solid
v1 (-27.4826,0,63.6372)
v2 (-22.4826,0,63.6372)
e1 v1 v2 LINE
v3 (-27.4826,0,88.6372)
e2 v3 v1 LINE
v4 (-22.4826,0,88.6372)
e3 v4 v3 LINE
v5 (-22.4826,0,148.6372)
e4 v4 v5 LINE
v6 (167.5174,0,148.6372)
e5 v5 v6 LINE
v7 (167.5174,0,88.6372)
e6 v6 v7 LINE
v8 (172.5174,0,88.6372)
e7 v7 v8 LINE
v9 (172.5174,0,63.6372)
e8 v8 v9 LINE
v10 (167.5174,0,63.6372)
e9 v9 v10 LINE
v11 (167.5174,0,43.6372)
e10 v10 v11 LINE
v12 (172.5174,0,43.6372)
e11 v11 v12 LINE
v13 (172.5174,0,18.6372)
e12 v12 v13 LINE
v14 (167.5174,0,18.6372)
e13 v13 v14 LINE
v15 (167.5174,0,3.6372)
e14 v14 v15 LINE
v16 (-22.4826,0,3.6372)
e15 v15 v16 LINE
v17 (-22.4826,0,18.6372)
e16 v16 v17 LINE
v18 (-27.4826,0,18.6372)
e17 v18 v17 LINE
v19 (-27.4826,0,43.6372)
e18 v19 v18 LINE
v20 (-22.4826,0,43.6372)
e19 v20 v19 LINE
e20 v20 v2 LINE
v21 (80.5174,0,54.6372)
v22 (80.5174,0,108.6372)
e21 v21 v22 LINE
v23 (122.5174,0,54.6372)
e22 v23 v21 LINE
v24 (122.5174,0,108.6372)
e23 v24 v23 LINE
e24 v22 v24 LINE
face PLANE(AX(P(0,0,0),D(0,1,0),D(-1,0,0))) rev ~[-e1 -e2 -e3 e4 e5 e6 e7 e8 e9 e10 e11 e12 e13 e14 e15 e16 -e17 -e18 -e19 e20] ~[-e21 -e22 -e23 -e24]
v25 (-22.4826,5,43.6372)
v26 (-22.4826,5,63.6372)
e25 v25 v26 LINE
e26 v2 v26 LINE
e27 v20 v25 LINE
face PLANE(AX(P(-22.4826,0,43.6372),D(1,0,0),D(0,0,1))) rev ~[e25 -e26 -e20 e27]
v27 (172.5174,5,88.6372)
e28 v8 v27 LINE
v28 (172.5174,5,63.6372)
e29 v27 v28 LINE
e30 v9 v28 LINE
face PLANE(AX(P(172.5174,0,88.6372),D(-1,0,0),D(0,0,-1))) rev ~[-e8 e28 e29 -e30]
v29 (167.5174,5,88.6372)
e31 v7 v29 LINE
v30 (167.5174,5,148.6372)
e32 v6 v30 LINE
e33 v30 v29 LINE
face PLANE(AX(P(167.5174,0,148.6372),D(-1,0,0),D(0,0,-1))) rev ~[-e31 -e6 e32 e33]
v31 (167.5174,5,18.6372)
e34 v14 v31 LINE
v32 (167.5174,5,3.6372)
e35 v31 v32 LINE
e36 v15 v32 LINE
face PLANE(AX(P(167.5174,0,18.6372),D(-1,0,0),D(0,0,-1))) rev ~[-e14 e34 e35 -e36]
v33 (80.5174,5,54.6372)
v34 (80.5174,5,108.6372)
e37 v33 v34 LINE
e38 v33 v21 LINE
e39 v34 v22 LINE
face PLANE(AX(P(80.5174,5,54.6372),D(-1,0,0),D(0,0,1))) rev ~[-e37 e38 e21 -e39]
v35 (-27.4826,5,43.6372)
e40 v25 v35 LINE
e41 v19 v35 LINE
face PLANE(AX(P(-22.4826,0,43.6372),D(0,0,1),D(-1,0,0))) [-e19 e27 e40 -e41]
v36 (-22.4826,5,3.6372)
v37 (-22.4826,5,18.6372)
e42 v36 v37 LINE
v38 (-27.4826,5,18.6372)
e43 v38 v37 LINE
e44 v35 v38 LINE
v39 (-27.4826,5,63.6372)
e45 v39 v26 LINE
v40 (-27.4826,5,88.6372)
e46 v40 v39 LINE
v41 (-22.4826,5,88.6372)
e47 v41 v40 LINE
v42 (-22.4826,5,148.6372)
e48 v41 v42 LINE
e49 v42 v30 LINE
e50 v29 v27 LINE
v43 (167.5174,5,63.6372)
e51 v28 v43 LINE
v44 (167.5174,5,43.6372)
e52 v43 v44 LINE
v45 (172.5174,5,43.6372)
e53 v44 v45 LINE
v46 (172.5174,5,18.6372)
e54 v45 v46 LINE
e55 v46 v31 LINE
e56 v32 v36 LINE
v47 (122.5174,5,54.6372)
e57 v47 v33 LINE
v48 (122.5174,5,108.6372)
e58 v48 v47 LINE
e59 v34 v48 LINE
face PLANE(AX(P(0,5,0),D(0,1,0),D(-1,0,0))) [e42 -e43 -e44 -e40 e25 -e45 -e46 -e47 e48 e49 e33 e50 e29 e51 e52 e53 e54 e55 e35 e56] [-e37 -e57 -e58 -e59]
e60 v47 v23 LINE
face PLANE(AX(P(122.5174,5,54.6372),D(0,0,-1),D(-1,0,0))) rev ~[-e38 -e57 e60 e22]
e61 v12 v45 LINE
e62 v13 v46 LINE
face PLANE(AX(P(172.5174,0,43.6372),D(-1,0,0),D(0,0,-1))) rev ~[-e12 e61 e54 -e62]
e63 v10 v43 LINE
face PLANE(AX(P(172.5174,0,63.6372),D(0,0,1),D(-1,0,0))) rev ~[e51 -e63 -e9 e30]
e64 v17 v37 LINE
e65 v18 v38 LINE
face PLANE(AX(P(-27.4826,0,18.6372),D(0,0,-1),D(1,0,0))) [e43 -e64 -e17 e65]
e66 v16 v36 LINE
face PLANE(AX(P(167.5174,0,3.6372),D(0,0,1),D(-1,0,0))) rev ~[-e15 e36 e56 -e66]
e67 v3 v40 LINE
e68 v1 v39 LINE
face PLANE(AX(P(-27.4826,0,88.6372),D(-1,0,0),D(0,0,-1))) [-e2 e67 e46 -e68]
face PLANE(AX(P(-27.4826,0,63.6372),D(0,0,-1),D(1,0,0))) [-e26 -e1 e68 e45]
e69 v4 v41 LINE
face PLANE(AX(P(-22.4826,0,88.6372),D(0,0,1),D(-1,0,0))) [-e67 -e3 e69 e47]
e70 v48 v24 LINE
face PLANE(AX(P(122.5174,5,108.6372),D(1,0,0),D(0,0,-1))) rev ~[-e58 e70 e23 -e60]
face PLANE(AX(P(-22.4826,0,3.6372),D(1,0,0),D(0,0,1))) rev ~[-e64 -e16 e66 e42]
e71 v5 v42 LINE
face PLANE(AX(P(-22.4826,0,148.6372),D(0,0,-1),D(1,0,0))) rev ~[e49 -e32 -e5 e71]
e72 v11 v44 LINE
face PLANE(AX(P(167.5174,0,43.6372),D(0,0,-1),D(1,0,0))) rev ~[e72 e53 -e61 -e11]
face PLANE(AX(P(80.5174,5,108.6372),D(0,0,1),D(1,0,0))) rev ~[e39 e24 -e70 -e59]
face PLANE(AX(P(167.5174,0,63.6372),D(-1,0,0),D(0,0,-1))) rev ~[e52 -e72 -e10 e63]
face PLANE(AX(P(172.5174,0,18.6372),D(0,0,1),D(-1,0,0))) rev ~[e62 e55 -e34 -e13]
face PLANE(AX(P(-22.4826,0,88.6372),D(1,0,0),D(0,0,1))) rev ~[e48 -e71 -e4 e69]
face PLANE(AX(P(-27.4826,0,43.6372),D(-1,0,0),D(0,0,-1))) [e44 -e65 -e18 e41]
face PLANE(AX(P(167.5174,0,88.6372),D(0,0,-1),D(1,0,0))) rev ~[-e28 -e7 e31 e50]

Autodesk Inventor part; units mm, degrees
ref_plane "YZ Plane" through (0, 0, 0) normal (1, 0, 0) x (0, 1, 0)
ref_plane "XZ Plane" through (0, 0, 0) normal (0, 1, 0) x (-1, 0, 0)
ref_plane "XY Plane" through (0, 0, 0) normal (0, 0, 1) x (1, 0, 0)
sketch "Sketch1" plane through (0, 0, 0) normal (0, 1, 0) x (-1, 0, 0)
  line L0 (22.4826, 148.6372) -> (-167.5174, 148.6372)
  line L1 (-167.5174, 148.6372) -> (-167.5174, 3.6372)
  line L2 (-167.5174, 3.6372) -> (22.4826, 3.6372)
  line L3 (22.4826, 3.6372) -> (22.4826, 148.6372)
  line L4 (-167.5174, 88.6372) -> (-172.5174, 88.6372)
  line L5 (-172.5174, 88.6372) -> (-172.5174, 63.6372)
  line L6 (-172.5174, 63.6372) -> (-167.5174, 63.6372)
  line L7 (-167.5174, 63.6372) -> (-167.5174, 88.6372)
  line L8 (-167.5174, 43.6372) -> (-172.5174, 43.6372)
  line L9 (-172.5174, 43.6372) -> (-172.5174, 18.6372)
  line L10 (-172.5174, 18.6372) -> (-167.5174, 18.6372)
  line L11 (-167.5174, 18.6372) -> (-167.5174, 43.6372)
  line L12 (-72.5174, 148.6372) -> (-72.5174, 3.6372) construction
  line L13 (22.4826, 88.6372) -> (27.4826, 88.6372)
  line L14 (27.4826, 88.6372) -> (27.4826, 63.6372)
  line L15 (27.4826, 63.6372) -> (22.4826, 63.6372)
  line L16 (22.4826, 43.6372) -> (27.4826, 43.6372)
  line L17 (27.4826, 43.6372) -> (27.4826, 18.6372)
  line L18 (27.4826, 18.6372) -> (22.4826, 18.6372)
  point P0 (0, 0)
  dimension "d0" = 190
  dimension "d1" = 145
  dimension "d2" = 5
  dimension "d3" = 25
  dimension "d4" = 5
  dimension "d5" = 25
  dimension "d6" = 20
  dimension "d7" = 15
extrude "Extrusion1" add sketch "Sketch1" along normal blind 5
sketch "Sketch2" plane through (0, 5, 0) normal (0, 1, 0) x (1, 0, 0)
  line L0 (-27.4826, -43.6372) -> (-22.4826, -43.6372) projected
  line L1 (-22.4826, -43.6372) -> (-22.4826, -63.6372) projected
  line L2 (-22.4826, -63.6372) -> (-27.4826, -63.6372) projected
  line L3 (-27.4826, -63.6372) -> (-27.4826, -88.6372) projected
  line L4 (-27.4826, -88.6372) -> (-22.4826, -88.6372) projected
  line L5 (-22.4826, -88.6372) -> (-22.4826, -148.6372) projected
  line L6 (-22.4826, -148.6372) -> (167.5174, -148.6372) projected
  line L7 (167.5174, -148.6372) -> (167.5174, -88.6372) projected
  line L8 (167.5174, -88.6372) -> (172.5174, -88.6372) projected
  line L9 (172.5174, -88.6372) -> (172.5174, -63.6372) projected
  line L10 (172.5174, -63.6372) -> (167.5174, -63.6372) projected
  line L11 (167.5174, -63.6372) -> (167.5174, -43.6372) projected
  line L12 (167.5174, -43.6372) -> (172.5174, -43.6372) projected
  line L13 (172.5174, -43.6372) -> (172.5174, -18.6372) projected
  line L14 (172.5174, -18.6372) -> (167.5174, -18.6372) projected
  line L15 (167.5174, -18.6372) -> (167.5174, -3.6372) projected
  line L16 (167.5174, -3.6372) -> (-22.4826, -3.6372) projected
  line L17 (-22.4826, -3.6372) -> (-22.4826, -18.6372) projected
  line L18 (-22.4826, -18.6372) -> (-27.4826, -18.6372) projected
  line L19 (-27.4826, -18.6372) -> (-27.4826, -43.6372) projected
  line L20 (80.5174, -108.6372) -> (122.5174, -108.6372)
  line L21 (122.5174, -108.6372) -> (122.5174, -54.6372)
  line L22 (122.5174, -54.6372) -> (80.5174, -54.6372)
  line L23 (80.5174, -54.6372) -> (80.5174, -108.6372)
  point P0 (0, 0)
  dimension "d10" = 42
  dimension "d11" = 54
  dimension "d12" = 45
  dimension "d13" = 40
extrude "Extrusion2" cut sketch "Sketch2" against normal blind 5 contours L23 L22 L21 L20
properties part number "Top 2"
